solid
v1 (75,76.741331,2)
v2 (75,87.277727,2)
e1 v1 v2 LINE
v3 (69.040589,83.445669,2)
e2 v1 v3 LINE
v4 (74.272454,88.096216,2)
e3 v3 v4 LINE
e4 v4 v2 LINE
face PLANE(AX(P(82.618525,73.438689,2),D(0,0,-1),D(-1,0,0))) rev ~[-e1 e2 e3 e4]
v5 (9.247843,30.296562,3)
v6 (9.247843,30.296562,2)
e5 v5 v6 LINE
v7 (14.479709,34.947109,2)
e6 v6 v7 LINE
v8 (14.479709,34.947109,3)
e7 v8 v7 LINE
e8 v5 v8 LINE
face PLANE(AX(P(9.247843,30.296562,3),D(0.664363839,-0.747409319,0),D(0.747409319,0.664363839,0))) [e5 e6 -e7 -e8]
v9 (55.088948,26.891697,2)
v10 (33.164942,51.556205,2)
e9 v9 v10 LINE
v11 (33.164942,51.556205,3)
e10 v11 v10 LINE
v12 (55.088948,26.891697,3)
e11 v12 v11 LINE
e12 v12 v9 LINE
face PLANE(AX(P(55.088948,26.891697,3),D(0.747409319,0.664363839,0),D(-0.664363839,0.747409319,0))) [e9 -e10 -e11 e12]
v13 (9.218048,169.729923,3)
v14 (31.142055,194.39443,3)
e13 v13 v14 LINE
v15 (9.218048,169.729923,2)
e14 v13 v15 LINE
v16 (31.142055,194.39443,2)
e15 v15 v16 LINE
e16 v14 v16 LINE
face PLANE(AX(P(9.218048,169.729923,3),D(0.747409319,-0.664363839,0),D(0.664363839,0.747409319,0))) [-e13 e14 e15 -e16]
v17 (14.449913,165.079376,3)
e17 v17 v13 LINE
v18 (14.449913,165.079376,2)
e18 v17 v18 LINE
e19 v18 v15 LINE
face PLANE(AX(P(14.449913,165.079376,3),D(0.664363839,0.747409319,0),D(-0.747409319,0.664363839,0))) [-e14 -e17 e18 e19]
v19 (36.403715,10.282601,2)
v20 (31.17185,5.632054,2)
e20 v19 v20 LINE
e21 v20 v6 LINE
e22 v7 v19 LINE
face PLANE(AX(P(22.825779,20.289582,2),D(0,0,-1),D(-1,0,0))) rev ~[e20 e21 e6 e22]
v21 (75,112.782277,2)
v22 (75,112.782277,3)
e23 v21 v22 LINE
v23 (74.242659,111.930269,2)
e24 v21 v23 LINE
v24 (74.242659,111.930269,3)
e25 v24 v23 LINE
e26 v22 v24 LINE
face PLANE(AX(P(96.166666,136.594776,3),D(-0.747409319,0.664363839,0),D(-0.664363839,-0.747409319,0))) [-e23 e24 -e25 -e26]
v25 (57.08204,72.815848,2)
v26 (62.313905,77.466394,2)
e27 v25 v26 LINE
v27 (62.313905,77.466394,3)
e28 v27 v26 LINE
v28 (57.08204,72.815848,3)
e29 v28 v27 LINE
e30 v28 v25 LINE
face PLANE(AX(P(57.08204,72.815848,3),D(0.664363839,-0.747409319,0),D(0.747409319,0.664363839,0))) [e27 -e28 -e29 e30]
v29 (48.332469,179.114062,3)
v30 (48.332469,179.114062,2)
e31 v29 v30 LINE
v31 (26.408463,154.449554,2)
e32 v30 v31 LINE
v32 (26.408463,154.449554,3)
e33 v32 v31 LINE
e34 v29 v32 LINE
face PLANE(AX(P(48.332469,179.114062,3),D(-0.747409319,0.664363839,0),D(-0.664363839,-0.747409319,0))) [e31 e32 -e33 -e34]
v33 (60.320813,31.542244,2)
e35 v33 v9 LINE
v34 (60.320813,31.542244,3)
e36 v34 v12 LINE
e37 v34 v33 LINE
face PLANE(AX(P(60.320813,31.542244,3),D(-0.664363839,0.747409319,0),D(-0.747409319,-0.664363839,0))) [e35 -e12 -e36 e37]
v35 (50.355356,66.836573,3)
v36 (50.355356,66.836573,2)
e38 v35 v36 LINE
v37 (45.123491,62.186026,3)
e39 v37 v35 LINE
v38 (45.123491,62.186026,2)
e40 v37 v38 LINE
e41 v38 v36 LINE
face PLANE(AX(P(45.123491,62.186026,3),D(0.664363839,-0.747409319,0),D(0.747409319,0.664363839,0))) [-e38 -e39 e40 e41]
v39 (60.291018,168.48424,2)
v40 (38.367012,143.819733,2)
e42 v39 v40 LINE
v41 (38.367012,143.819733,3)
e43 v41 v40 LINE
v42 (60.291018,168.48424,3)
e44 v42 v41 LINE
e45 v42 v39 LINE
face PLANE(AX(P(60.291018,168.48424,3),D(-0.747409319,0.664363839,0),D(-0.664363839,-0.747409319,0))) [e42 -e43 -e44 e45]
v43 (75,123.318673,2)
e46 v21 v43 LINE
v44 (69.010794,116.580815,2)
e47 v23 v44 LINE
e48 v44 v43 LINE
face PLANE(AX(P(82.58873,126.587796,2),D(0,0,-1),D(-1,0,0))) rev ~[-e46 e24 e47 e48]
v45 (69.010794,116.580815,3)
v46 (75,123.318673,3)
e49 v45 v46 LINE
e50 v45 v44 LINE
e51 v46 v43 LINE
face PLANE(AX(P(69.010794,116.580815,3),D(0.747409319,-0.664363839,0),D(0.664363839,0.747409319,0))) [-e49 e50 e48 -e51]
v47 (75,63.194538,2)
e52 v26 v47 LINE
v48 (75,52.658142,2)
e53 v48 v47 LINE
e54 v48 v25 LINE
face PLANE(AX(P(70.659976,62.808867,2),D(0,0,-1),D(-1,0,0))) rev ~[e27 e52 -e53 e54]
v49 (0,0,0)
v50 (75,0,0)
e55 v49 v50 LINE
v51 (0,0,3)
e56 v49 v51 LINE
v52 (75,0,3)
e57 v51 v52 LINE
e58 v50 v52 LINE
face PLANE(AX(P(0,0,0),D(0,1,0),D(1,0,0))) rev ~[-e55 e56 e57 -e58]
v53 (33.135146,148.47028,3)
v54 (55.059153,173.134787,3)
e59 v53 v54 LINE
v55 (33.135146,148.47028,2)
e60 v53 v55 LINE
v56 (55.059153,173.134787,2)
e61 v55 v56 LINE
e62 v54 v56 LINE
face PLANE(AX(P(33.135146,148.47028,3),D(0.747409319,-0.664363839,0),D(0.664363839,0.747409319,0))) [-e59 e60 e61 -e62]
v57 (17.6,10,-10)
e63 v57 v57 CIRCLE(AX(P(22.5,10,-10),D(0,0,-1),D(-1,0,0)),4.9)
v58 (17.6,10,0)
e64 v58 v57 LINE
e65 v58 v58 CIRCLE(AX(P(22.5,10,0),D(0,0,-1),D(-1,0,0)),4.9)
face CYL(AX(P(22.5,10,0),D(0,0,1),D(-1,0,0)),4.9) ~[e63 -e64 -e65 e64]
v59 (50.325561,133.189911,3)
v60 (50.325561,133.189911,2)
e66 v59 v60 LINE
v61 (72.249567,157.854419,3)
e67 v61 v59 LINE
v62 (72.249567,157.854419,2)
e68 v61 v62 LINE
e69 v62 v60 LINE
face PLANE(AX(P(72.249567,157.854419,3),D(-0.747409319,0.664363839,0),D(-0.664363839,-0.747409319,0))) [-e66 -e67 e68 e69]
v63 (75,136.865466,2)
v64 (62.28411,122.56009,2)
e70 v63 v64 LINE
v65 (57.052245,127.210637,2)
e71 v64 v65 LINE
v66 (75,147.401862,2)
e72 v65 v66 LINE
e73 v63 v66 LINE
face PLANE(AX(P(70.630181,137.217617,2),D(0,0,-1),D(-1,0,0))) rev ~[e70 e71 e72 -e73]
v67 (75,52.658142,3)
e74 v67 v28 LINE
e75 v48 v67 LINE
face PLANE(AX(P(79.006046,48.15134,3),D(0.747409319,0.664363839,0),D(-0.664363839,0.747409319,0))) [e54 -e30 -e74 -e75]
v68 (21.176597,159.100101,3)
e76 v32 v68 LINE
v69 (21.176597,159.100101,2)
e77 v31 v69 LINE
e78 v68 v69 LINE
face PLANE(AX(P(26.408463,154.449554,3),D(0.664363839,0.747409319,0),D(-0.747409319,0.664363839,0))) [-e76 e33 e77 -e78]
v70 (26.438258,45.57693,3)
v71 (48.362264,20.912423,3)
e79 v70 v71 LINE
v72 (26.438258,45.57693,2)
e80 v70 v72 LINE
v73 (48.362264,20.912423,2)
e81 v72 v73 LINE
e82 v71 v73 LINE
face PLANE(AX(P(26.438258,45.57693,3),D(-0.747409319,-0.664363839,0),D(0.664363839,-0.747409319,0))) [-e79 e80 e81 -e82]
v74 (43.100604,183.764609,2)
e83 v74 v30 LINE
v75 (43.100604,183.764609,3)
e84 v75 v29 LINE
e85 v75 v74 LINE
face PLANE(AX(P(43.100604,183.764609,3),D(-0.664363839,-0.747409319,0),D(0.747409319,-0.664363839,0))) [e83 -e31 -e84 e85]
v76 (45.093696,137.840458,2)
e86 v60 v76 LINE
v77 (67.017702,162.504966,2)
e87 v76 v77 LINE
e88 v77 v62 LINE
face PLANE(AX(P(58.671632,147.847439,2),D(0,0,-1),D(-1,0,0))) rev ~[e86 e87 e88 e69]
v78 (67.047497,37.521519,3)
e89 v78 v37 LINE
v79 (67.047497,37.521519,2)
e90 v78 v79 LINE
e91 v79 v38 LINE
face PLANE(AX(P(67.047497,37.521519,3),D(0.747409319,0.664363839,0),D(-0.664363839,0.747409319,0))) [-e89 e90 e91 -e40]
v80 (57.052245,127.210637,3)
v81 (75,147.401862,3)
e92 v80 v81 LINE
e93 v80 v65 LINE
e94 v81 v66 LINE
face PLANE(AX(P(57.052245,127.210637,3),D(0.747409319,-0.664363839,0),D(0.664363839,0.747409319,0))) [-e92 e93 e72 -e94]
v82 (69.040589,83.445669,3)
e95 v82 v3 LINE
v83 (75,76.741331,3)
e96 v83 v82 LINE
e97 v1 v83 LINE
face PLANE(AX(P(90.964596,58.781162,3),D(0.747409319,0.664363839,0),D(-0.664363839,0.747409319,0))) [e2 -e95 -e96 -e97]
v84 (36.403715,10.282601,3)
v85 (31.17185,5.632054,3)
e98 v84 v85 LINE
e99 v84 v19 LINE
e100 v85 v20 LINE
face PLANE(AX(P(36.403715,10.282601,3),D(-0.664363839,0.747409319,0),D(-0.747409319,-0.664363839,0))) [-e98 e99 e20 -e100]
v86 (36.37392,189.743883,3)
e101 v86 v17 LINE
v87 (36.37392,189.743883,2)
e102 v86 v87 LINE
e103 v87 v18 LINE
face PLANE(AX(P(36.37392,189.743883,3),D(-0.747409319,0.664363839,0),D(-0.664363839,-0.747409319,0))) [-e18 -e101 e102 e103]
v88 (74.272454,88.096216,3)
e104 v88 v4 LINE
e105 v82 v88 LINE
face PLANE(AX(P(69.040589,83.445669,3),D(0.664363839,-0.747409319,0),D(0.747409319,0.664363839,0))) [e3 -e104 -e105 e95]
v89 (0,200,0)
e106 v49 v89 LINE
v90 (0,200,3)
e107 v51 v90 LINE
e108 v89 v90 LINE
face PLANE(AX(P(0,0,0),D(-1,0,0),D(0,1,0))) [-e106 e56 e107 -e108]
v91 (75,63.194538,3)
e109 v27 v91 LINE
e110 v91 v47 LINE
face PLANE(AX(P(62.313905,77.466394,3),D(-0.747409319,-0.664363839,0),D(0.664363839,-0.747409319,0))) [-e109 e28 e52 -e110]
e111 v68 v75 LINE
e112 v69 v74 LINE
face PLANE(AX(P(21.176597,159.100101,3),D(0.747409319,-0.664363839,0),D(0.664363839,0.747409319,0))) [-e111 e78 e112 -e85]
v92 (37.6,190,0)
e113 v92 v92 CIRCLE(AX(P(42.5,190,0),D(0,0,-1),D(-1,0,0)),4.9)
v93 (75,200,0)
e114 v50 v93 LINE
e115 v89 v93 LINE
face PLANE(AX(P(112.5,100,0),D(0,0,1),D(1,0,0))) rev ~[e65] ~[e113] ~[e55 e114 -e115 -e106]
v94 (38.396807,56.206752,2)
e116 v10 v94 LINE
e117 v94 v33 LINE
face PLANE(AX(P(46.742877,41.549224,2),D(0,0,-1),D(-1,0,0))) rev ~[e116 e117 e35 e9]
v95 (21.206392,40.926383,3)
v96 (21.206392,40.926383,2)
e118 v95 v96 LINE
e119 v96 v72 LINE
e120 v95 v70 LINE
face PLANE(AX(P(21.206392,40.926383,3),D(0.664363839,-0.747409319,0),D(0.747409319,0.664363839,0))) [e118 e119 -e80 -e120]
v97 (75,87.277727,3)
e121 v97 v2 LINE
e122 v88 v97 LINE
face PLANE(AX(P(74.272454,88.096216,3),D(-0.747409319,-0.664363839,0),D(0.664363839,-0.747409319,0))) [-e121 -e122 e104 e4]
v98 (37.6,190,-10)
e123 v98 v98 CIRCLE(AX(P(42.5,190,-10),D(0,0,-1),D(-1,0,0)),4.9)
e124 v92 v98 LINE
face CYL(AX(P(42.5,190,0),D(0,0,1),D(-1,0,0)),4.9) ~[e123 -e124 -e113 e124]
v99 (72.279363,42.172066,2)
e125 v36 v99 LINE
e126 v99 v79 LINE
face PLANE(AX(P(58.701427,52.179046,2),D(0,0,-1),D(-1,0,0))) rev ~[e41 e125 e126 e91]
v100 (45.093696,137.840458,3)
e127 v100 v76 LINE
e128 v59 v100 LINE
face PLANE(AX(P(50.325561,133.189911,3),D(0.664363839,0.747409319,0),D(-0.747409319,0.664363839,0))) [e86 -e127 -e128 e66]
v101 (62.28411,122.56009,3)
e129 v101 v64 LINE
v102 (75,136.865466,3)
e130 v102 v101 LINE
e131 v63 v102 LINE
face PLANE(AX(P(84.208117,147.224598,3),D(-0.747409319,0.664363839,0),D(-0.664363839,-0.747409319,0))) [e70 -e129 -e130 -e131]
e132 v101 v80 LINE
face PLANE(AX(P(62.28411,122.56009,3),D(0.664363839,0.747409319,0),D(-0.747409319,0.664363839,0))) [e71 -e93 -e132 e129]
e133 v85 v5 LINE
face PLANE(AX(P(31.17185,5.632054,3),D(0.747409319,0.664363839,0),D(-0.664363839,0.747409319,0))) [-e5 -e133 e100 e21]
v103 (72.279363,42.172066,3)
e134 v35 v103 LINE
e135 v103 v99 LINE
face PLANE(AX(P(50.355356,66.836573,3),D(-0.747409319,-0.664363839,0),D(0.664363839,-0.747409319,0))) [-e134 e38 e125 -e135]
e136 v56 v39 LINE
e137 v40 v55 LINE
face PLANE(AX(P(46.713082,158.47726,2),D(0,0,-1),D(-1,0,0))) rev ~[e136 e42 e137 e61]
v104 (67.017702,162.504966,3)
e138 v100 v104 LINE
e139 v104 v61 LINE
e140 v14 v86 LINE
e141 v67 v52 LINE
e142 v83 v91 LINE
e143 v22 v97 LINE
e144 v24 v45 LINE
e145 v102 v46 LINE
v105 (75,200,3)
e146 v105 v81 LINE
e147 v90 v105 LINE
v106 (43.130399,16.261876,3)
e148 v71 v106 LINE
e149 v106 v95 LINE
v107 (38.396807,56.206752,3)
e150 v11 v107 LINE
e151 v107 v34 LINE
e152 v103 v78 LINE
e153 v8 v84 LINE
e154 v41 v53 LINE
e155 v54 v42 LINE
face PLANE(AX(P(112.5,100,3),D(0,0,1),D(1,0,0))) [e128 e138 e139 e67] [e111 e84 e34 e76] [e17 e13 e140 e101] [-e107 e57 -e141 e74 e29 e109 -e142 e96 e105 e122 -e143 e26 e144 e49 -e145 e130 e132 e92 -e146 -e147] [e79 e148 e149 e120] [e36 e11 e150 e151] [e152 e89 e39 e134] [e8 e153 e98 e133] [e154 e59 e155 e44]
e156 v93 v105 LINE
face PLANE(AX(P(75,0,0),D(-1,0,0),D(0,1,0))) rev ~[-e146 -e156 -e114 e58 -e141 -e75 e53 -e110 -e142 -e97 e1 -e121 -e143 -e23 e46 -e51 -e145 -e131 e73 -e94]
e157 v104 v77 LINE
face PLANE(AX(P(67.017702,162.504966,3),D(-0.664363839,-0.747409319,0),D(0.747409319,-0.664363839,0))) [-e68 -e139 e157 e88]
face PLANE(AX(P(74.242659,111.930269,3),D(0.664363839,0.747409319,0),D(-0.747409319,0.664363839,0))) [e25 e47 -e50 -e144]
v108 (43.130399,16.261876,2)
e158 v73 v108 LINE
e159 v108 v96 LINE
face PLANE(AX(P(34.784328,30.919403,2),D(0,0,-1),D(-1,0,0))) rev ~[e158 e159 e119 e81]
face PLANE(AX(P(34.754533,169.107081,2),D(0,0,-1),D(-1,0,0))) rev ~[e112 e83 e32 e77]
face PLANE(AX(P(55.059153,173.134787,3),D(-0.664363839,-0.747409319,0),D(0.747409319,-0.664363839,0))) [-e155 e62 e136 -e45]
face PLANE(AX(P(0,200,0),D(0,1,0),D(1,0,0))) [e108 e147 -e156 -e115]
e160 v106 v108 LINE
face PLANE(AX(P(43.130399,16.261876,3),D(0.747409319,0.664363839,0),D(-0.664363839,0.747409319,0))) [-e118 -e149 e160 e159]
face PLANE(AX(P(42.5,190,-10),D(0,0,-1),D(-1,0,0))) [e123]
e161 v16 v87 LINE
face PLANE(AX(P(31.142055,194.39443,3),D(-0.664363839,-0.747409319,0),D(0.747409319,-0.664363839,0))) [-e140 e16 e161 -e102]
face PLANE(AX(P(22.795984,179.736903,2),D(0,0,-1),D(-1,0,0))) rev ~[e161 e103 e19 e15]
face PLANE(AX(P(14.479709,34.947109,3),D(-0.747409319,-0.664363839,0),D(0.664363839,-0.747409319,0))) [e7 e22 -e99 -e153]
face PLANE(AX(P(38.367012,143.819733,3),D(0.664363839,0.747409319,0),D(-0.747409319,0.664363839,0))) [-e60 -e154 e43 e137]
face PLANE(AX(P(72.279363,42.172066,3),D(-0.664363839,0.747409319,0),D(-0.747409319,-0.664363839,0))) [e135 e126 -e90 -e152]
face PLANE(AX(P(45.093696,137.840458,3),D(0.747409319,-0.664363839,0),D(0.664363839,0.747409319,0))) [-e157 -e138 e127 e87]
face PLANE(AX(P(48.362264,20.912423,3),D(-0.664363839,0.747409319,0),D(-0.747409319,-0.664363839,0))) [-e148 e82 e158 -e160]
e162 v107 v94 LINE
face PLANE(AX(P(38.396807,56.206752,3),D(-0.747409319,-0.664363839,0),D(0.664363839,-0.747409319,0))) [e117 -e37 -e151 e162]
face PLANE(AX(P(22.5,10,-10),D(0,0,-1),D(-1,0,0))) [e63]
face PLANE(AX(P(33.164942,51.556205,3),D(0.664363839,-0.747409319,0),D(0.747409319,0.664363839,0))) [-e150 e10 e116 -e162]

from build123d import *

# Parameters (mm, degrees)
SKETCH1_W           = 225
SKETCH1_H           = 200
BOSS_EXTRUDE1_DEPTH = 3
CUT_EXTRUDE1_DEPTH  = 1
SKETCH4_R           = 4.9
BOSS_EXTRUDE2_DEPTH = 10
SKETCH5_W           = 150
SKETCH5_H           = 200
CUT_EXTRUDE2_DEPTH  = 10


with BuildPart() as part:
    # Sketch1 → Boss-Extrude1 (new body)
    with BuildSketch(Plane.XY):
        with Locations((112.5, 100)):
            Rectangle(SKETCH1_W, SKETCH1_H)
    extrude(amount=BOSS_EXTRUDE1_DEPTH)

    # Sketch2 → Cut-Extrude1 (cut)
    with BuildSketch(Plane.XY.offset(3)):
        Polygon((21.176597363, 159.100101172), (43.100604044, 183.764608689), (48.332469275, 179.114061817), (26.408462593, 154.4495543), align=None)
        Polygon((9.218048264, 169.729922593), (31.142054945, 194.39443011), (36.373920176, 189.743883238), (14.449913495, 165.079375722), align=None)
        Polygon((33.135146462, 148.470279751), (55.059153143, 173.134787267), (60.291018374, 168.484240396), (38.367011692, 143.819732879), align=None)
        Polygon((45.093695561, 137.840458329), (67.017702242, 162.504965846), (72.249567473, 157.854418974), (50.325560791, 133.189911458), align=None)
        Polygon((57.05224466, 127.210636908), (78.976251341, 151.875144425), (84.208116572, 147.224597553), (62.28410989, 122.560090036), align=None)
        Polygon((69.010793758, 116.580815487), (90.93480044, 141.245323003), (96.166665671, 136.594776132), (74.242658989, 111.930268615), align=None)
        Polygon((80.969342857, 105.950994066), (102.893349539, 130.615501582), (108.12521477, 125.96495471), (86.201208088, 101.300447194), align=None)
        Polygon((116.844990154, 74.061529802), (138.768996836, 98.726037318), (144.000862066, 94.075490447), (122.076855385, 69.41098293), align=None)
        Polygon((128.803539253, 63.431708381), (150.727545935, 88.096215897), (155.959411165, 83.445669025), (134.035404484, 58.781161509), align=None)
        Polygon((140.762088352, 52.801886959), (162.686095033, 77.466394476), (167.917960264, 72.815847604), (145.993953583, 48.151340087), align=None)
        Polygon((152.720637451, 42.172065538), (174.644644132, 66.836573055), (179.876509363, 62.186026183), (157.952502682, 37.521518666), align=None)
        Polygon((164.67918655, 31.542244117), (186.603193231, 56.206751633), (191.835058462, 51.556204761), (169.911051781, 26.891697245), align=None)
        Polygon((176.637735649, 20.912422695), (198.56174233, 45.576930212), (203.793607561, 40.92638334), (181.86960088, 16.261875824), align=None)
        Polygon((188.596284748, 10.282601274), (210.520291429, 34.947108791), (215.75215666, 30.296561919), (193.828149979, 5.632054402), align=None)
        Polygon((198.591537407, 154.4495543), (176.667530725, 179.114061817), (181.899395956, 183.764608689), (203.823402637, 159.100101172), align=None)
        Polygon((210.550086505, 165.079375721), (188.626079824, 189.743883238), (193.857945055, 194.39443011), (215.781951736, 169.729922593), align=None)
        Polygon((186.632988308, 143.819732879), (164.708981626, 168.484240395), (169.940846857, 173.134787267), (191.864853538, 148.470279751), align=None)
        Polygon((174.674439209, 133.189911458), (152.750432527, 157.854418974), (157.982297758, 162.504965846), (179.906304439, 137.840458329), align=None)
        Polygon((162.71589011, 122.560090036), (140.791883428, 147.224597553), (146.023748659, 151.875144425), (167.94775534, 127.210636908), align=None)
        Polygon((150.757341011, 111.930268615), (128.833334329, 136.594776132), (134.06519956, 141.245323003), (155.989206242, 116.580815487), align=None)
        Polygon((138.798791912, 101.300447194), (116.87478523, 125.96495471), (122.106650461, 130.615501582), (144.030657143, 105.950994066), align=None)
        Polygon((102.923144615, 69.41098293), (80.999137934, 94.075490447), (86.231003164, 98.726037318), (108.155009846, 74.061529802), align=None)
        Polygon((90.964595516, 58.781161509), (69.040588835, 83.445669025), (74.272454065, 88.096215897), (96.196460747, 63.431708381), align=None)
        Polygon((79.006046417, 48.151340087), (57.082039736, 72.815847604), (62.313904967, 77.466394476), (84.237911648, 52.801886959), align=None)
        Polygon((67.047497318, 37.521518666), (45.123490637, 62.186026183), (50.355355868, 66.836573055), (72.279362549, 42.172065538), align=None)
        Polygon((55.088948219, 26.891697245), (33.164941538, 51.556204761), (38.396806769, 56.206751633), (60.32081345, 31.542244117), align=None)
        Polygon((43.13039912, 16.261875824), (21.206392439, 40.92638334), (26.43825767, 45.576930212), (48.362264351, 20.912422695), align=None)
        Polygon((31.171850021, 5.632054402), (9.24784334, 30.296561919), (14.479708571, 34.947108791), (36.403715252, 10.282601274), align=None)
    extrude(amount=-CUT_EXTRUDE1_DEPTH, mode=Mode.SUBTRACT)

    # Sketch4 → Boss-Extrude2 (add)
    with BuildSketch(Plane(origin=(0, 0, 0), x_dir=(-1, 0, 0), z_dir=(0, 0, -1))):
        with Locations((-42.5, 190)):
            Circle(SKETCH4_R)
        with Locations((-22.5, 10)):
            Circle(SKETCH4_R)
    extrude(amount=BOSS_EXTRUDE2_DEPTH)

    # Sketch5 → Cut-Extrude2 (cut)
    with BuildSketch(Plane(origin=(0, 0, 0), x_dir=(-1, 0, 0), z_dir=(0, 0, -1))):
        with Locations((-150, 100)):
            Rectangle(SKETCH5_W, SKETCH5_H)
    extrude(amount=-CUT_EXTRUDE2_DEPTH, mode=Mode.SUBTRACT)


solid = part.part
